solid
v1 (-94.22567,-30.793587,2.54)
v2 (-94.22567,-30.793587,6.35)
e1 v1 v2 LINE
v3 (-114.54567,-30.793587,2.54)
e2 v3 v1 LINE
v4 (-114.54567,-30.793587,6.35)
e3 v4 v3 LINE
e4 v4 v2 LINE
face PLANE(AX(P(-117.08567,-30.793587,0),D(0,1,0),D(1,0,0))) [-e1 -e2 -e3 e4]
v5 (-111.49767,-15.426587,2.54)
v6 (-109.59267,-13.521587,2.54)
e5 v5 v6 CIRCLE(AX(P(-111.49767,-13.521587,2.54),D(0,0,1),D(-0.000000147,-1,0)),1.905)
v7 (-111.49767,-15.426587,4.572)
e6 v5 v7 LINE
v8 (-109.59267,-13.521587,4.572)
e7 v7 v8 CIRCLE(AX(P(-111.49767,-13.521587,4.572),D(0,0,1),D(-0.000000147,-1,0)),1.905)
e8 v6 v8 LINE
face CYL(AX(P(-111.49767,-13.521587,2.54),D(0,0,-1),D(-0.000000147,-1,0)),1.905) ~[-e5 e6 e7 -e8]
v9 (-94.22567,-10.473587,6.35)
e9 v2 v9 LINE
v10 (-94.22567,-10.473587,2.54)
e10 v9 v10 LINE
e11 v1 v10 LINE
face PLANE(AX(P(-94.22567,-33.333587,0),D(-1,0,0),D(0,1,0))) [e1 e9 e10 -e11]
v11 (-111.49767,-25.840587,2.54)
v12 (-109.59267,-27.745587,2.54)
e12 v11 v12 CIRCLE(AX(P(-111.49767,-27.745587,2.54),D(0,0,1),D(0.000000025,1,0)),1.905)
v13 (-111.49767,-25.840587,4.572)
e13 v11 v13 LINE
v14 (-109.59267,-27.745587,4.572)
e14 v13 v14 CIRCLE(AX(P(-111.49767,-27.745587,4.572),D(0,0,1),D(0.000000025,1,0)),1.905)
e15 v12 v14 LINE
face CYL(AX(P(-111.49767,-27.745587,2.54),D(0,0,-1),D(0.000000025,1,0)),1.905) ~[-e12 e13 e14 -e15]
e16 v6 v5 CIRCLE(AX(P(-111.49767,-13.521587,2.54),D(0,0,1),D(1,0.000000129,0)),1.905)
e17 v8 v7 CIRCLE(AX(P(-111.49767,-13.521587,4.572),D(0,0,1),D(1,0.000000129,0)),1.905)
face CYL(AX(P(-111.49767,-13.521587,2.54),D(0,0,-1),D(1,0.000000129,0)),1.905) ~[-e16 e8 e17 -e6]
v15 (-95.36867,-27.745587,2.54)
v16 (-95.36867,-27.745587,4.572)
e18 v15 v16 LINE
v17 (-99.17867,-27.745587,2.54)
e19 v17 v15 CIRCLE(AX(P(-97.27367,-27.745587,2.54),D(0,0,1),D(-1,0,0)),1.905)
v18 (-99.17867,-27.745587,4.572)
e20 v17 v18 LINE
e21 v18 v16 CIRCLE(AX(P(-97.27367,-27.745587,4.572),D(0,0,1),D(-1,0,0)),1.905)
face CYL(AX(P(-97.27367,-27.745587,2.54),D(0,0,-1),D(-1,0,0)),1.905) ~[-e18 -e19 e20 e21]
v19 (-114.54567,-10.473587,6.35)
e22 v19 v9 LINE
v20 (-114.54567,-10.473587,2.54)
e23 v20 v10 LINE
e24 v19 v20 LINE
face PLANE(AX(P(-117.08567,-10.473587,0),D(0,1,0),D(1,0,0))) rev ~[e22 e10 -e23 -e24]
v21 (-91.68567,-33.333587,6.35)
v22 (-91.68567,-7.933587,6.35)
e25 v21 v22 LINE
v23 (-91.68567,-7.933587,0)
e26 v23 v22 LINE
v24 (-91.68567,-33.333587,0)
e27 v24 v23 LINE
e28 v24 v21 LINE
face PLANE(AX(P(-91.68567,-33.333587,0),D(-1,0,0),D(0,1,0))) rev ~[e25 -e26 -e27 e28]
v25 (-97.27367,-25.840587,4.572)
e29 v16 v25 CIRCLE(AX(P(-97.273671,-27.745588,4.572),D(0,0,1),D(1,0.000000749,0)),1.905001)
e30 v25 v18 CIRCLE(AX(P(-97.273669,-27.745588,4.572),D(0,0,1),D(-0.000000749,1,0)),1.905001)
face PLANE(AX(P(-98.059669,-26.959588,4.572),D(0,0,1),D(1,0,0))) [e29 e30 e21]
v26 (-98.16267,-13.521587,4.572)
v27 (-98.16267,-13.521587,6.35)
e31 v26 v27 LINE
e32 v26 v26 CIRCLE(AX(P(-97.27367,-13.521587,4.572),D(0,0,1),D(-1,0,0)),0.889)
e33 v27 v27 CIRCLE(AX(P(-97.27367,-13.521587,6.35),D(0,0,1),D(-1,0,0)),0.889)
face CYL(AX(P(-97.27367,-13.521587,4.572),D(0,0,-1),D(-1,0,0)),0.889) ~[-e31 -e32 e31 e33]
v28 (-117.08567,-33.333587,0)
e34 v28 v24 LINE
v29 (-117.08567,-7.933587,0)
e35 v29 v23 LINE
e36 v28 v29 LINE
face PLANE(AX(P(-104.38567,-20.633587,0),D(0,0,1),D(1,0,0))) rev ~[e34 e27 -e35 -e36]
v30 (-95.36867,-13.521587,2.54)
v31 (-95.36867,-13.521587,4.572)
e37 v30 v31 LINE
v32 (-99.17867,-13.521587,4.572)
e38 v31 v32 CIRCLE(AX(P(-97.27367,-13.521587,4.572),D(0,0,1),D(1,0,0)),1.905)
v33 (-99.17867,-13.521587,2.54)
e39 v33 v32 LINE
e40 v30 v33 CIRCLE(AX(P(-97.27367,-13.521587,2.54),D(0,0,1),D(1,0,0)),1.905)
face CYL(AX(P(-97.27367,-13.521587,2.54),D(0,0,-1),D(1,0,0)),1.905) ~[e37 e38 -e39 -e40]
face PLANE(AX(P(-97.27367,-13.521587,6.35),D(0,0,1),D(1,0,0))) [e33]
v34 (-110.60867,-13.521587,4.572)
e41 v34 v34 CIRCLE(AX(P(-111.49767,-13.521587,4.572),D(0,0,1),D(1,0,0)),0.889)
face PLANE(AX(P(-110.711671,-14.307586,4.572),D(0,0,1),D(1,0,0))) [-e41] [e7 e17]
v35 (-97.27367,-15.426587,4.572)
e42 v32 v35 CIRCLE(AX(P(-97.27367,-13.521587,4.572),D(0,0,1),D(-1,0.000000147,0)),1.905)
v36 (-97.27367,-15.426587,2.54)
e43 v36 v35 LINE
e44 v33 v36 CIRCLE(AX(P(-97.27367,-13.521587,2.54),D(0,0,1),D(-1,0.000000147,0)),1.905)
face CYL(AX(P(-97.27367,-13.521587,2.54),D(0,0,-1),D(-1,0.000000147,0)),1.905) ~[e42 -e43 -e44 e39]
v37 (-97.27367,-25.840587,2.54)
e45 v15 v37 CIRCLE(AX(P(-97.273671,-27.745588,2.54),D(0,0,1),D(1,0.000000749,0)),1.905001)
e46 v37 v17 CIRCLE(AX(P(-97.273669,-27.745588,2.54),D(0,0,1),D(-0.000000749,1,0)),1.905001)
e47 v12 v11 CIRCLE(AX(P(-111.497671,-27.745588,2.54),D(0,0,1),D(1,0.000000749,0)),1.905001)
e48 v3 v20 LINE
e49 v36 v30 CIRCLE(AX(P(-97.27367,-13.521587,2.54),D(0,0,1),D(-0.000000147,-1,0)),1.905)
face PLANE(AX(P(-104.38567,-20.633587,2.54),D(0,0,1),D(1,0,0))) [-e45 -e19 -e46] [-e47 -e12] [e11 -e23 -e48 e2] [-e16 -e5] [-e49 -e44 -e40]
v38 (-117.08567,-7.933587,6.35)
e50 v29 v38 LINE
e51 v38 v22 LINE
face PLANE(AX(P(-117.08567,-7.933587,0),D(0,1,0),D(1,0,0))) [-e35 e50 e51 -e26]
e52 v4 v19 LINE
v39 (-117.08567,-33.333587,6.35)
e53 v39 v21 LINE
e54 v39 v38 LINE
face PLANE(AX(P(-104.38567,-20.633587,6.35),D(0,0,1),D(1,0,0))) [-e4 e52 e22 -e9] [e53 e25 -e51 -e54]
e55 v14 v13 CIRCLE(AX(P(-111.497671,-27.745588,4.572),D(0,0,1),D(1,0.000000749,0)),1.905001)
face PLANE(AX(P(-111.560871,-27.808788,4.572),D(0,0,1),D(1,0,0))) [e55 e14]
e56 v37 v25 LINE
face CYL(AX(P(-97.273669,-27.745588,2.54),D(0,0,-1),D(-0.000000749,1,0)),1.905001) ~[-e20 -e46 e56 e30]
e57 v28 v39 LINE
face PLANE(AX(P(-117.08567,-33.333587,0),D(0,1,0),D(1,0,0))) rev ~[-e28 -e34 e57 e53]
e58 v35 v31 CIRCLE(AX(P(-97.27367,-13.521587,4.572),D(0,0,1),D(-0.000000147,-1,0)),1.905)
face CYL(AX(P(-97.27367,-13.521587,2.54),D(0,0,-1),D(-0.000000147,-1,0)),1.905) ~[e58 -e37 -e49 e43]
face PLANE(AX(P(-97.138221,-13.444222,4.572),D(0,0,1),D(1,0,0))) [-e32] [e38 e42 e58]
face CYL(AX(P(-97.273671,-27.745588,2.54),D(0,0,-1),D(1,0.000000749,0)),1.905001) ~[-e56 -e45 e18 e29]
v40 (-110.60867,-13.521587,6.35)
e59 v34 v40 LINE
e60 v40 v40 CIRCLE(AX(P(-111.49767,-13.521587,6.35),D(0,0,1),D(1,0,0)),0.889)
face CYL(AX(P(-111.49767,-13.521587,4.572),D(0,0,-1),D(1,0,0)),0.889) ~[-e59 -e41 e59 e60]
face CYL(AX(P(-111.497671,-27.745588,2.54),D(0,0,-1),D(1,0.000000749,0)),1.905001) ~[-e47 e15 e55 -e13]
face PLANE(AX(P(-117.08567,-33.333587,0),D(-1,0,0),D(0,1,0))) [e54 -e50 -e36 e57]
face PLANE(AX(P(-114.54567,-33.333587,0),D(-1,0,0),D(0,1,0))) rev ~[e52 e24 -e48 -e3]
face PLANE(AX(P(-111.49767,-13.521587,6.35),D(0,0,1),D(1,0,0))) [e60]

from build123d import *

# Parameters (mm, degrees)
F0_W     = 25.4
F0_H     = 25.4
F1_DEPTH = 6.35
F2_T     = -2.54
F4_DEPTH = 2.032
F5_R     = 0.889
F6_DEPTH = 1.778


with BuildPart() as f1:
    # F0 (on Top) → F1 (new body)
    with BuildSketch(Plane.XY):
        with Locations((-104.38567, -20.633587)):
            Rectangle(F0_W, F0_H)
    extrude(amount=F1_DEPTH)

    # F2
    f2_openings = [f1.faces().sort_by_distance(p)[0] for p in [
        (-104.38567, -20.633587, 6.35),
    ]]
    offset(amount=F2_T, openings=f2_openings)

    # F3 (on face) → F4 (join)
    with BuildSketch(Plane.XY.offset(2.54)):
        with BuildLine():
            ThreePointArc((-111.49767, -15.426587), (-110.150632, -14.868626), (-109.59267, -13.521587))
            Line((-109.59267, -13.521587), (-111.49767, -13.521587))
            Line((-111.49767, -13.521587), (-111.49767, -15.426587))
        make_face()
        with BuildLine():
            Line((-111.49767, -13.521587), (-109.59267, -13.521587))
            ThreePointArc((-109.59267, -13.521587), (-112.844708, -12.174549), (-111.49767, -15.426587))
            Line((-111.49767, -15.426587), (-111.49767, -13.521587))
        make_face()
        with BuildLine():
            ThreePointArc((-95.36867, -13.521587), (-97.27367, -11.616587), (-99.17867, -13.521587))
            Line((-99.17867, -13.521587), (-97.27367, -13.521587))
            Line((-97.27367, -13.521587), (-97.27367, -15.426587))
            ThreePointArc((-97.27367, -15.426587), (-95.926632, -14.868626), (-95.36867, -13.521587))
        make_face()
        with BuildLine():
            Line((-97.27367, -13.521587), (-99.17867, -13.521587))
            ThreePointArc((-99.17867, -13.521587), (-98.620708, -14.868626), (-97.27367, -15.426587))
            Line((-97.27367, -15.426587), (-97.27367, -13.521587))
        make_face()
        with BuildLine():
            Line((-97.27367, -27.745587), (-97.27367, -25.840587))
            ThreePointArc((-97.27367, -25.840587), (-98.620708, -26.398549), (-99.17867, -27.745587))
            Line((-99.17867, -27.745587), (-97.27367, -27.745587))
        make_face()
        with BuildLine():
            ThreePointArc((-95.36867, -27.745587), (-95.926632, -26.398549), (-97.27367, -25.840587))
            Line((-97.27367, -25.840587), (-97.27367, -27.745587))
            Line((-97.27367, -27.745587), (-99.17867, -27.745587))
            ThreePointArc((-99.17867, -27.745587), (-97.27367, -29.650587), (-95.36867, -27.745587))
        make_face()
        with BuildLine():
            Line((-111.49767, -27.745587), (-111.49767, -25.840587))
            ThreePointArc((-111.49767, -25.840587), (-112.844708, -29.092626), (-109.59267, -27.745587))
            Line((-109.59267, -27.745587), (-111.49767, -27.745587))
        make_face()
        with BuildLine():
            ThreePointArc((-109.59267, -27.745587), (-110.150632, -26.398549), (-111.49767, -25.840587))
            Line((-111.49767, -25.840587), (-111.49767, -27.745587))
            Line((-111.49767, -27.745587), (-109.59267, -27.745587))
        make_face()
    extrude(amount=F4_DEPTH)

    # F5 (on face) → F6 (join)
    with BuildSketch(Plane.XY.offset(4.572)):
        with Locations((-111.49767, -13.521587)):
            Circle(F5_R)
        with BuildLine():
            ThreePointArc((-96.38467, -13.521587), (-97.27367, -12.632587), (-98.16267, -13.521587))
            ThreePointArc((-98.16267, -13.521587), (-97.27367, -14.410587), (-96.38467, -13.521587))
        make_face()
    extrude(amount=F6_DEPTH)


solid = f1.part
